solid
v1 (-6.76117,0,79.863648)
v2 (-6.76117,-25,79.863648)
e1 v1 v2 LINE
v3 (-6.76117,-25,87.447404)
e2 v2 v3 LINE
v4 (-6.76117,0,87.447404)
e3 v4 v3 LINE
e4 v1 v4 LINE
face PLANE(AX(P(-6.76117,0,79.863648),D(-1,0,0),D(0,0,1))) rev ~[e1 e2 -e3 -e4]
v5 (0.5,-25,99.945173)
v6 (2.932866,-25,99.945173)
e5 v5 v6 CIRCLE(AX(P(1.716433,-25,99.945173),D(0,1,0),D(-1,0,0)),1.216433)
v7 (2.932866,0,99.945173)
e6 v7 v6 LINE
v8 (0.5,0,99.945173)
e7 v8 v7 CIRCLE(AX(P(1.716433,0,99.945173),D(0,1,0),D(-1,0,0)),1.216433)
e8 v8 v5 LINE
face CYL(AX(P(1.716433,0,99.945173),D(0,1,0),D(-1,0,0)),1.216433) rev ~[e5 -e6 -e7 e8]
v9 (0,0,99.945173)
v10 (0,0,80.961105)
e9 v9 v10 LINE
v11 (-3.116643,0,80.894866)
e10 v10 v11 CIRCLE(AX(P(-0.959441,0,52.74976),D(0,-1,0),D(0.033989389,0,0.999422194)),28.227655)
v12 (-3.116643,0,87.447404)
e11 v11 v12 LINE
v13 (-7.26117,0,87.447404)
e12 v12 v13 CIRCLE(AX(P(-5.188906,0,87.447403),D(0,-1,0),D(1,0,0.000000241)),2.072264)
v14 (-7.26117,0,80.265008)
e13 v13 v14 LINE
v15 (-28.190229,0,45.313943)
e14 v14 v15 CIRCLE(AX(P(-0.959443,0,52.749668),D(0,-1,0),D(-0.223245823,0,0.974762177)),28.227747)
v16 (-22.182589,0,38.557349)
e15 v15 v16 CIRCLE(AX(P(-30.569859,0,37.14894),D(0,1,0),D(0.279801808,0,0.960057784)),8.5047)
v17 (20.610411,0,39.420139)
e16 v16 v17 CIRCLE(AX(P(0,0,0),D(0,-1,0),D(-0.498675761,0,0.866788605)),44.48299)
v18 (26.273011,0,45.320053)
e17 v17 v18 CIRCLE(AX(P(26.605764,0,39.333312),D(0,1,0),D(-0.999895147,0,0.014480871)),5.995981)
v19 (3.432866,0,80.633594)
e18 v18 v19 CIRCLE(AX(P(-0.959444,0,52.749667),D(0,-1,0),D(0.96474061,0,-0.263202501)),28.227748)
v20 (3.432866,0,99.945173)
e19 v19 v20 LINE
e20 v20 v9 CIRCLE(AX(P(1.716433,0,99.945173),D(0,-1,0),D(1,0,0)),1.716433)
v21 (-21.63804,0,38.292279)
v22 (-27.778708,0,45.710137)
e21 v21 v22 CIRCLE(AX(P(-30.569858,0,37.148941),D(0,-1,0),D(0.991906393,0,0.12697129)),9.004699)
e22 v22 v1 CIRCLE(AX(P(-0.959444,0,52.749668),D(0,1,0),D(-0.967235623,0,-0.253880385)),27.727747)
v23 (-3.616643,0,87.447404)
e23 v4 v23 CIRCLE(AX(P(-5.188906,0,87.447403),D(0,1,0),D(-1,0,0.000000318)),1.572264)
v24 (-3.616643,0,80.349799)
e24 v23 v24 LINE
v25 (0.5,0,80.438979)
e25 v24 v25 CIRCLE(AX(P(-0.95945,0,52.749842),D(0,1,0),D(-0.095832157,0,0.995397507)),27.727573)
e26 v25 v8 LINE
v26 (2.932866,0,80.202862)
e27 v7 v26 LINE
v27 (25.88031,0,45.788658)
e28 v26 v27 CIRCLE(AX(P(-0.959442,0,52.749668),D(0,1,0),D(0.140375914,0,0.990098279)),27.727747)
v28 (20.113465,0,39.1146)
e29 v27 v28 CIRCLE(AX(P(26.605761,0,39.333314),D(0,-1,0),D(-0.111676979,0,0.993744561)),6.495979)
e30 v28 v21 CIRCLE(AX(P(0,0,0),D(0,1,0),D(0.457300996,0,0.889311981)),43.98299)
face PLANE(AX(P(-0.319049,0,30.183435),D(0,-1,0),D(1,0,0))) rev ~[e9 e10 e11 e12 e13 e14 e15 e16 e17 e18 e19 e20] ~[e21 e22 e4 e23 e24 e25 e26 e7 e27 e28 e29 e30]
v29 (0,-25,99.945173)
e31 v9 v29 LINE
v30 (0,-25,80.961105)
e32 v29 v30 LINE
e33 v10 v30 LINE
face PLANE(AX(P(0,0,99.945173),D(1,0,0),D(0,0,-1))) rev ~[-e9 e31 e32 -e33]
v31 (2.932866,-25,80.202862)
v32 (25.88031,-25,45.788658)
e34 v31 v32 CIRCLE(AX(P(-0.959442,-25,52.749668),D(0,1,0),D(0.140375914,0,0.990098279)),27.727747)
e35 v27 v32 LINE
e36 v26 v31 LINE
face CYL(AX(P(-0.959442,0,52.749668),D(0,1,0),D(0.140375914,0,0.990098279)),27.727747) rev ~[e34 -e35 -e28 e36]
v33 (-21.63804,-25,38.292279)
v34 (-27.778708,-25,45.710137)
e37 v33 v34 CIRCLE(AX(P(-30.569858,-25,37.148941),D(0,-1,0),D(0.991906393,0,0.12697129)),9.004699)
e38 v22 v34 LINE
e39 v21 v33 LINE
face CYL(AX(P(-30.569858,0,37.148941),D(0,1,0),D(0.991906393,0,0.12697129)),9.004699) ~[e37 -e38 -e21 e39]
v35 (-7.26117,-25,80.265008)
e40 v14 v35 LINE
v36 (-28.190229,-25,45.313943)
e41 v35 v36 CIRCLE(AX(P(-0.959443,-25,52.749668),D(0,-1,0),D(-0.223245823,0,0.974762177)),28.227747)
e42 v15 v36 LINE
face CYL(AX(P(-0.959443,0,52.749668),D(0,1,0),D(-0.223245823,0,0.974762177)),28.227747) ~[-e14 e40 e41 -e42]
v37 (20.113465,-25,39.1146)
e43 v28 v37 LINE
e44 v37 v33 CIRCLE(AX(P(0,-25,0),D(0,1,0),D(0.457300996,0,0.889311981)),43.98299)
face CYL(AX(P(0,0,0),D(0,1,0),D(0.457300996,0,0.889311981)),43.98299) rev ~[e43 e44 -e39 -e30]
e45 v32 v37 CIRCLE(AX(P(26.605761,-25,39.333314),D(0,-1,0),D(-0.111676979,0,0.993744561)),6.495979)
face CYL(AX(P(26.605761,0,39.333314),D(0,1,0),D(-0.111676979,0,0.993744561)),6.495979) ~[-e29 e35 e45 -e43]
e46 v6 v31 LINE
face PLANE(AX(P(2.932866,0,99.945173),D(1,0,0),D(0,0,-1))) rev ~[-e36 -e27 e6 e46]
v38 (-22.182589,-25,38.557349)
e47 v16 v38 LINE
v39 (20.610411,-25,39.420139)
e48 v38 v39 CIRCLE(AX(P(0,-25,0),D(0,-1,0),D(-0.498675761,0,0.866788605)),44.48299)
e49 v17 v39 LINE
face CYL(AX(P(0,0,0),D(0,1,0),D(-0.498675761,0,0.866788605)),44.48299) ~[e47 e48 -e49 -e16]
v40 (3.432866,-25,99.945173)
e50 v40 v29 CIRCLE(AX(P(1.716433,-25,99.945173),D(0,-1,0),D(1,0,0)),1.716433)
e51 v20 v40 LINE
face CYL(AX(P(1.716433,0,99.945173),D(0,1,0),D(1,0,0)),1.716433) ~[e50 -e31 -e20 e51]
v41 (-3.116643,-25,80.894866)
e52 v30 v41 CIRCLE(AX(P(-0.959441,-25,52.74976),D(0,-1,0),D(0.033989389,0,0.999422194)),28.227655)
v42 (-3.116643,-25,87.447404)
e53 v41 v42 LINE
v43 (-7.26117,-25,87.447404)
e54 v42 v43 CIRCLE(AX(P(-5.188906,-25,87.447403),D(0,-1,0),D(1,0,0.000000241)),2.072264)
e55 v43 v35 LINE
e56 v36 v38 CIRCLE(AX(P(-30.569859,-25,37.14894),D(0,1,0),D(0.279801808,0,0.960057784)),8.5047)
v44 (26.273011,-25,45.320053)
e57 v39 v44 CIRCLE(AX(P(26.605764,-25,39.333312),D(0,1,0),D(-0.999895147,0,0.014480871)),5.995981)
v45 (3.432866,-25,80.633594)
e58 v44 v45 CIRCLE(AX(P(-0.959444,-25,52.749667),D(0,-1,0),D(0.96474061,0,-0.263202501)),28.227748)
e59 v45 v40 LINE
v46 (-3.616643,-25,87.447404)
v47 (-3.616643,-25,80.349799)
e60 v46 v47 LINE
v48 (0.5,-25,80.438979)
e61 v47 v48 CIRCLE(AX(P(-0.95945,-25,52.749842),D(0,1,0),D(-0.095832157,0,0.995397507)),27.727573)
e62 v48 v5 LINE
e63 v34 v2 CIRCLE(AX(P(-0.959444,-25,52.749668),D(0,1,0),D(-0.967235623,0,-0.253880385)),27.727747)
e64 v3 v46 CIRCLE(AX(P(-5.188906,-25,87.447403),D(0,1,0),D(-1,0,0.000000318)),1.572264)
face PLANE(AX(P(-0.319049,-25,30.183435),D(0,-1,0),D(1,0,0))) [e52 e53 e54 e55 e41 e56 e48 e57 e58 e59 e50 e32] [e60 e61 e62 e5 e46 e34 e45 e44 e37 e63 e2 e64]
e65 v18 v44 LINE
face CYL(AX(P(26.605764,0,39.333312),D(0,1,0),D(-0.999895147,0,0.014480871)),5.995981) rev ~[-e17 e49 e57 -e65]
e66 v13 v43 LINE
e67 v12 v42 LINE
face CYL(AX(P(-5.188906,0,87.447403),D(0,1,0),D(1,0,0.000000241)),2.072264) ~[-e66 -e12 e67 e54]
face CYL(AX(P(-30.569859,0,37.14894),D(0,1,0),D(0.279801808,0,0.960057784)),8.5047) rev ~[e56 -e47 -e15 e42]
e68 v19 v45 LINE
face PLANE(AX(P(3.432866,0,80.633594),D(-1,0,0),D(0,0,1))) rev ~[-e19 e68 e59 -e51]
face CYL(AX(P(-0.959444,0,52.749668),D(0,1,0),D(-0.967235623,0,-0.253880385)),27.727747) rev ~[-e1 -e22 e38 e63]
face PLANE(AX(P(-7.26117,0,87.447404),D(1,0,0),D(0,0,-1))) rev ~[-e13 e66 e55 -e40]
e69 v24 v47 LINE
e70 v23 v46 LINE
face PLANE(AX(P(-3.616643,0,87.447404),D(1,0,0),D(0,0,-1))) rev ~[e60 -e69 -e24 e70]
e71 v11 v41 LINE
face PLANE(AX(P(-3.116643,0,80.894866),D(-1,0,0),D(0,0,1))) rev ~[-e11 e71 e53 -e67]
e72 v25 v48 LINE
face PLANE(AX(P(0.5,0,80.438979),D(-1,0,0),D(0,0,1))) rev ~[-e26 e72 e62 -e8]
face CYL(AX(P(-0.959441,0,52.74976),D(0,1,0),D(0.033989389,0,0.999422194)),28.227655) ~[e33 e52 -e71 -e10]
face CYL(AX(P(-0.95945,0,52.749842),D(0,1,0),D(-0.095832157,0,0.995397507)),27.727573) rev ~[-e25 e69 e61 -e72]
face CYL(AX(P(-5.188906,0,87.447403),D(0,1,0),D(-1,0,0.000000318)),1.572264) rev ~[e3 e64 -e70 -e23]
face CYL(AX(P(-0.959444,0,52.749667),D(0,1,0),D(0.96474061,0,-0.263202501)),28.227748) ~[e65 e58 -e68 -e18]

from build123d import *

# Parameters (mm, degrees)
F1_DEPTH = 25


with BuildPart() as f1:
    # F0 (on Front) → F1 (new body)
    with BuildSketch(Plane.XZ):
        with BuildLine():
            ThreePointArc((-28.190229, 45.313943), (-24.214198, 42.800089), (-22.182589, 38.557349))
            ThreePointArc((-22.182589, 38.557349), (0.896682, -44.473951), (20.610411, 39.420139))
            ThreePointArc((20.610411, 39.420139), (22.279856, 43.485217), (26.273011, 45.320053))
            ThreePointArc((26.273011, 45.320053), (22.742729, 68.079793), (3.432866, 80.633594))
            Line((3.432866, 80.633594), (3.432866, 99.945173))
            ThreePointArc((3.432866, 99.945173), (1.716433, 101.661606), (0, 99.945173))
            Line((0, 99.945173), (0, 80.961105))
            ThreePointArc((0, 80.961105), (-1.559237, 80.971042), (-3.116643, 80.894866))
            Line((-3.116643, 80.894866), (-3.116643, 87.447404))
            ThreePointArc((-3.116643, 87.447404), (-5.188906, 89.519667), (-7.26117, 87.447404))
            Line((-7.26117, 87.447404), (-7.26117, 80.265008))
            ThreePointArc((-7.26117, 80.265008), (-25.177238, 67.251534), (-28.190229, 45.313943))
        make_face()
        with BuildLine():
            ThreePointArc((-27.778708, 45.710137), (-24.574012, 67.281705), (-6.76117, 79.863648))
            Line((-6.76117, 79.863648), (-6.76117, 87.447404))
            ThreePointArc((-6.76117, 87.447404), (-5.188906, 89.019667), (-3.616643, 87.447404))
            Line((-3.616643, 87.447404), (-3.616643, 80.349799))
            ThreePointArc((-3.616643, 80.349799), (-1.559979, 80.470911), (0.5, 80.438979))
            Line((0.5, 80.438979), (0.5, 99.945173))
            ThreePointArc((0.5, 99.945173), (1.716433, 101.161606), (2.932866, 99.945173))
            Line((2.932866, 99.945173), (2.932866, 80.202862))
            ThreePointArc((2.932866, 80.202862), (22.110002, 68.132408), (25.88031, 45.788658))
            ThreePointArc((25.88031, 45.788658), (21.690506, 43.580432), (20.113465, 39.1146))
            ThreePointArc((20.113465, 39.1146), (0.866103, -43.974461), (-21.63804, 38.292279))
            ThreePointArc((-21.63804, 38.292279), (-23.633494, 42.891018), (-27.778708, 45.710137))
        make_face(mode=Mode.SUBTRACT)
    extrude(amount=F1_DEPTH)


solid = f1.part
